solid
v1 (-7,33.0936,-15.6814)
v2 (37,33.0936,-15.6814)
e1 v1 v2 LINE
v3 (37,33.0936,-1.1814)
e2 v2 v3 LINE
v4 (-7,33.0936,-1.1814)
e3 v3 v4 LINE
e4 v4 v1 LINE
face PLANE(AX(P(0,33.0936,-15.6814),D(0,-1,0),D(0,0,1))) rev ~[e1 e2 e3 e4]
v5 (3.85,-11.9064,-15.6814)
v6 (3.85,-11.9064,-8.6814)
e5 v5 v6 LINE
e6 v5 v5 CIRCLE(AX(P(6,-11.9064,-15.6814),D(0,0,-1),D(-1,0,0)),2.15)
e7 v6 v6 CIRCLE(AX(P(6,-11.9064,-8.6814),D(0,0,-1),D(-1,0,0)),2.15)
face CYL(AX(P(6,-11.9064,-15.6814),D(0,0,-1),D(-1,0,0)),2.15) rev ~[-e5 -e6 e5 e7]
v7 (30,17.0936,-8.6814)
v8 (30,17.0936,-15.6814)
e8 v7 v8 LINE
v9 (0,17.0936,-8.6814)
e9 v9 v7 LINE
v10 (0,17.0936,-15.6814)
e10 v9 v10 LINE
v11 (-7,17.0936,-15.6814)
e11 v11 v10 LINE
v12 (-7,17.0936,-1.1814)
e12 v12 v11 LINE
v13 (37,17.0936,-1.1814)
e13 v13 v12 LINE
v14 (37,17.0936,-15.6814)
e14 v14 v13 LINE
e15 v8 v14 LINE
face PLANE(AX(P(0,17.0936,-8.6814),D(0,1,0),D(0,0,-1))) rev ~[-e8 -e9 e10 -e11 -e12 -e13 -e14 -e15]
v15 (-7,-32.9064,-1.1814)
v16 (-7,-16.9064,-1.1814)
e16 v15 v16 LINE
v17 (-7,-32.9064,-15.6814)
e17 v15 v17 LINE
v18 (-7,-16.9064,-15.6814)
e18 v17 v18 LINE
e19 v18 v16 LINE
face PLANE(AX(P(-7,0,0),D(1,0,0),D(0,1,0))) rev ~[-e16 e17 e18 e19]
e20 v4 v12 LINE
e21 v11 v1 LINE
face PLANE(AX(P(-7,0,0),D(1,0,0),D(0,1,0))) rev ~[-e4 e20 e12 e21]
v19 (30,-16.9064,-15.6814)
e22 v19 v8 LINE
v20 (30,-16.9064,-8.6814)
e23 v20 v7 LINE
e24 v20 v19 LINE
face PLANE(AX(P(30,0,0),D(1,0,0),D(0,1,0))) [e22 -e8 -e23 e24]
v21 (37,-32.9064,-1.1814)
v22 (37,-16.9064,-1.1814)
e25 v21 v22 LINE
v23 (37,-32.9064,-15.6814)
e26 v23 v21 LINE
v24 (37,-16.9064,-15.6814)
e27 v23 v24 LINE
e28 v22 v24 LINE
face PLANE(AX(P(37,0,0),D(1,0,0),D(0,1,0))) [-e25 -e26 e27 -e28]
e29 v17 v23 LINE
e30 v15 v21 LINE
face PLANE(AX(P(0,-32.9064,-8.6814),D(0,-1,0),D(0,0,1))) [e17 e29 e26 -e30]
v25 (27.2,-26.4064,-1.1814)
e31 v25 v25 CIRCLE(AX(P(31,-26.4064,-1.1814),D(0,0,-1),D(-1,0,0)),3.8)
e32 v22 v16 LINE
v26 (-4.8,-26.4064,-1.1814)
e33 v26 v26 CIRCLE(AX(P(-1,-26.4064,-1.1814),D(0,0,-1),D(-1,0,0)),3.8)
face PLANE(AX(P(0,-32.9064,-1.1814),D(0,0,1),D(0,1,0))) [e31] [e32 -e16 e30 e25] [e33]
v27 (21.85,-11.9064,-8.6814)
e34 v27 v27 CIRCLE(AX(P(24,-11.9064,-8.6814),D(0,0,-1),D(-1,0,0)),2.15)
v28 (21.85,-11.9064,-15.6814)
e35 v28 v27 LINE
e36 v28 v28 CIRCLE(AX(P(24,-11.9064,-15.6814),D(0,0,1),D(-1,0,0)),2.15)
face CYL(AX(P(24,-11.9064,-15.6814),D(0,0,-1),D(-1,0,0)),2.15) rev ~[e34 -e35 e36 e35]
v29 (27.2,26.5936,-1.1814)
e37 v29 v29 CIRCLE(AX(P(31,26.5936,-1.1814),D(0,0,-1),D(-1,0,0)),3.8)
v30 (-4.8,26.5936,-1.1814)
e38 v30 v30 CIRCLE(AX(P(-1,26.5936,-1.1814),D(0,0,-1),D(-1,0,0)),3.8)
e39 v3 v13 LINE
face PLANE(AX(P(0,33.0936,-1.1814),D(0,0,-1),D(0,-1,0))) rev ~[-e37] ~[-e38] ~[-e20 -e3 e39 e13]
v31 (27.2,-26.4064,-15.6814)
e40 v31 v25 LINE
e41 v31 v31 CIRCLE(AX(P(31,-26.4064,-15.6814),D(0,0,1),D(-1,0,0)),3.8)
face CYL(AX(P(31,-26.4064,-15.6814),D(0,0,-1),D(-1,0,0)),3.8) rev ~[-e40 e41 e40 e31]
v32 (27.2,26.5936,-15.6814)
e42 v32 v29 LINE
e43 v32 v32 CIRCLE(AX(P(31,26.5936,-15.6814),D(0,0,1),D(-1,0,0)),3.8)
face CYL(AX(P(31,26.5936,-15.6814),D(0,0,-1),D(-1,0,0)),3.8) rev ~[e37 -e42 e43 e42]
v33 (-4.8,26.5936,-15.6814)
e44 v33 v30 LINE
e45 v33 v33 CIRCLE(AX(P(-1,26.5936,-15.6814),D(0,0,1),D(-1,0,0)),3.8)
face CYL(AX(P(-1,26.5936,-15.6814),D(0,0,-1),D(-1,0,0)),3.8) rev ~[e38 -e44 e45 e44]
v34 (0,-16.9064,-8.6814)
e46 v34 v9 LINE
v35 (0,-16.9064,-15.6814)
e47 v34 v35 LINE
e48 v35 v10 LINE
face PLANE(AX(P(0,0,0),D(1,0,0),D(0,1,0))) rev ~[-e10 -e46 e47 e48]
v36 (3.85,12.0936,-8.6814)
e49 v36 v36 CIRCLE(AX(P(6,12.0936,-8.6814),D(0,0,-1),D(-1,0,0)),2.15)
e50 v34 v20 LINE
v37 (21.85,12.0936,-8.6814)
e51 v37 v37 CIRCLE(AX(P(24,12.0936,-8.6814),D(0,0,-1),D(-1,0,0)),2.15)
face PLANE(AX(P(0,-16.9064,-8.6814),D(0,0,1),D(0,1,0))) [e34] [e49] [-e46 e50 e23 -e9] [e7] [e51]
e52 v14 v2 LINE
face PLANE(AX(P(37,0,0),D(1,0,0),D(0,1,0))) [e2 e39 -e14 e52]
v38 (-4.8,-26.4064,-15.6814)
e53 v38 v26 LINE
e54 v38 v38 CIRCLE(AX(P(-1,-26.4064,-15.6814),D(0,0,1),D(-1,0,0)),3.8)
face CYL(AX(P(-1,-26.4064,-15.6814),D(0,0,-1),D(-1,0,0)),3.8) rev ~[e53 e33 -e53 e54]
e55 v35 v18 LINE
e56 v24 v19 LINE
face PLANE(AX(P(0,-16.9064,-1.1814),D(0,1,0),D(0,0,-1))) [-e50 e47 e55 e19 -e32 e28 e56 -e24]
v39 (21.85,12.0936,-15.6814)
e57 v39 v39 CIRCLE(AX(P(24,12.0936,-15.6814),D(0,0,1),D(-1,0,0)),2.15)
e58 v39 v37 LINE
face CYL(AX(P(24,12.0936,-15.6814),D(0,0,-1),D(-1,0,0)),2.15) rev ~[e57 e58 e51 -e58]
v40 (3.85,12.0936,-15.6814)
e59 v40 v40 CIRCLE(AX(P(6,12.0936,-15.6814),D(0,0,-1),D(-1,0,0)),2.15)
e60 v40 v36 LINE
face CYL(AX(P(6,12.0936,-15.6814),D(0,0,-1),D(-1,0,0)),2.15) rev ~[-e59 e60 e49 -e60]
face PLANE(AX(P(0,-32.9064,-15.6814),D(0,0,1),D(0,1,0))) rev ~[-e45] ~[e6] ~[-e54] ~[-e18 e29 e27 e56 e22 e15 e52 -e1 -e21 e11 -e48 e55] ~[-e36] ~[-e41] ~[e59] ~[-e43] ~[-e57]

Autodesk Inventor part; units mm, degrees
ref_plane "YZ Plane" through (0, 0, 0) normal (1, 0, 0) x (0, 1, 0)
ref_plane "XZ Plane" through (0, 0, 0) normal (0, 1, 0) x (-1, 0, 0)
ref_plane "XY Plane" through (0, 0, 0) normal (0, 0, 1) x (1, 0, 0)
sketch "스케치1" plane through (0, 0, 0) normal (1, 0, 0) x (0, 1, 0)
  line L0 (-15.9064, 9.3186) -> (-7.9064, 9.3186)
  line L1 (-7.9064, 9.3186) -> (-3.9064, 13.3186)
  line L2 (-3.9064, 13.3186) -> (4.0936, 13.3186)
  line L3 (4.0936, 13.3186) -> (8.0936, 9.3186)
  line L4 (8.0936, 9.3186) -> (16.0936, 9.3186)
  line L5 (-15.9064, -1.1814) -> (-16.9064, -2.1814)
  line L6 (-16.9064, -2.1814) -> (-16.9064, -7.1814)
  line L7 (-16.9064, -7.1814) -> (-15.9064, -8.1814)
  line L8 (16.0936, 9.3186) -> (16.0936, -1.1814)
  line L9 (16.0936, -1.1814) -> (17.0936, -2.1814)
  line L10 (17.0936, -2.1814) -> (17.0936, -7.1814)
  line L11 (17.0936, -7.1814) -> (16.0936, -8.1814)
  line L12 (16.0936, -8.1814) -> (-15.9064, -8.1814) construction
  line L13 (-15.9064, -8.6814) -> (16.0936, -8.6814) construction
  line L14 (-15.9064, -8.1814) -> (-15.4064, -8.6814)
  line L15 (-15.4064, -8.6814) -> (-4.4064, -8.6814)
  line L16 (-4.4064, -8.6814) -> (-3.9064, -8.1814)
  line L17 (-3.9064, -8.1814) -> (4.0936, -8.1814)
  line L18 (4.0936, -8.1814) -> (4.5936, -8.6814)
  line L19 (16.0936, -8.1814) -> (15.5936, -8.6814)
  line L20 (15.5936, -8.6814) -> (4.5936, -8.6814)
  line L21 (-11.9064, 9.3186) -> (-11.9064, 8.0705)
  line L22 (16.0936, 8.8186) -> (33.0936, 8.8186)
  line L23 (33.0936, 8.8186) -> (33.0936, -1.1814)
  line L24 (33.0936, -1.1814) -> (16.0936, -1.1814)
  line L25 (17.0936, -1.1814) -> (17.0936, -8.6814)
  line L26 (17.0936, -8.6814) -> (33.0936, -8.6814)
  line L27 (33.0936, -8.6814) -> (33.0936, -1.1814)
  line L28 (-15.9064, 8.8186) -> (-32.9064, 8.8186)
  line L29 (-32.9064, 8.8186) -> (-32.9064, -1.1814)
  line L30 (-32.9064, -1.1814) -> (-15.9064, -1.1814)
  line L31 (-15.9064, -1.1814) -> (-15.9064, 9.3186)
  line L32 (-16.9064, -1.1814) -> (-16.9064, -8.6814)
  line L33 (-16.9064, -8.6814) -> (-32.9064, -8.6814)
  line L34 (-32.9064, -8.6814) -> (-32.9064, -1.1814)
  line L35 (17.0936, -8.6814) -> (15.5936, -8.6814)
  line L36 (-16.9064, -8.6814) -> (-15.4064, -8.6814)
  line L37 (-4.4064, -8.6814) -> (4.5936, -8.6814)
  line L38 (-32.9064, -8.6814) -> (-32.9064, -15.6814)
  line L39 (-32.9064, -15.6814) -> (33.0936, -15.6814)
  line L40 (33.0936, -15.6814) -> (33.0936, -8.6814)
  line L41 (17.0936, -8.6814) -> (17.0936, -15.6814)
  line L42 (-16.9064, -8.6814) -> (-16.9064, -15.6814)
  point P0 (0, 0)
  dimension "d0" = 8
  dimension "d1" = 135
  dimension "d2" = 135
  dimension "d3" = 4
  dimension "d4" = 8
  dimension "d5" = 8
  dimension "d6" = 135
  dimension "d7" = 135
  dimension "d8" = 10.5
  dimension "d10" = 135
  dimension "d11" = 1
  dimension "d12" = 1
  dimension "d13" = 135
  dimension "d14" = 135
  dimension "d15" = 135
  dimension "d16" = 1
  dimension "d17" = 10.5
  dimension "d18" = 5
  dimension "d19" = 5
  dimension "d20" = 0.5
  dimension "d21" = 11
  dimension "d22" = 8
  dimension "d23" = 135
  dimension "d24" = 135
  dimension "d25" = 135
  dimension "d26" = 135
  dimension "d27" = 135
  dimension "d28" = 11
  dimension "d29" = 10
  dimension "d30" = 17
  dimension "d32" = 17
extrude "돌출2" add sketch "스케치1" along normal blind 30 contours L36 L15 L37 L20 L35 L41 L39 L42
sketch "스케치3" plane through (0, -16.9064, -15.6814) normal (0, 0, -1) x (-1, 0, 0)
  line L0 (0, 34) -> (-30, 34) projected
  line L1 (-30, 0) -> (-30, 34) projected
  line L2 (-30, 34) -> (-30, 29)
  line L3 (-30, 29) -> (-24, 29)
  circle A0 centre (-24, 29) radius 2.15
  line L4 (-30, 0) -> (-30, 5)
  line L5 (-30, 5) -> (-24, 5)
  circle A1 centre (-24, 5) radius 2.15
  line L6 (0, 34) -> (0, 29)
  line L7 (0, 29) -> (-6, 29)
  circle A2 centre (-6, 29) radius 2.15
  line L8 (0, 0) -> (0, 5)
  line L9 (0, 0) -> (0, 34) projected
  line L10 (0, 5) -> (-6, 5)
  circle A3 centre (-6, 5) radius 2.15
  line L11 (0, 34) -> (0, 43.5)
  line L12 (-30, 43.5) -> (-30, 34)
  line L13 (-15, 34) -> (-15, 43.5)
  line L14 (-15, 43.5) -> (1, 43.5)
  line L15 (-15, 43.5) -> (-31, 43.5)
  circle A4 centre (1, 43.5) radius 3.8
  circle A5 centre (-31, 43.5) radius 3.8
  line L16 (0, 0) -> (0, -9.5)
  line L17 (-15, -9.5) -> (-15, 0)
  line L18 (-30, -9.5) -> (-30, 0)
  line L19 (-15, -9.5) -> (-31, -9.5)
  line L20 (-15, -9.5) -> (1, -9.5)
  circle A6 centre (-31, -9.5) radius 3.8
  circle A7 centre (1, -9.5) radius 3.8
  point P0 (0, 16.9064)
  dimension "d38" = 5
  dimension "d39" = 6
  dimension "d40" = 4.3
  dimension "d41" = 5
  dimension "d42" = 6
  dimension "d43" = 4.3
  dimension "d44" = 5
  dimension "d45" = 6
  dimension "d46" = 4.3
  dimension "d47" = 5
  dimension "d48" = 6
  dimension "d49" = 4.3
  dimension "d54" = 9.5
  dimension "d55" = 16
  dimension "d56" = 16
  dimension "d57" = 7.6
  dimension "d58" = 7.6
  dimension "d61" = 9.5
  dimension "d62" = 15
  dimension "d67" = 16
  dimension "d68" = 16
  dimension "d69" = 7.6
  dimension "d70" = 7.6
extrude "돌출3" add sketch "스케치1" along normal blind 37 and the other way blind 7 contours L30 L32 L6 L33 L34 | L33 L42 L39 L38 | L41 L26 L40 L39 | L25 L10 L24 L27 L26
extrude "돌출4" cut sketch "스케치3" against normal blind 10 contours A0 | A1 | A3 | A2
extrude "돌출6" cut sketch "스케치3" against normal blind 20 contours A4 L14 L11 | L11 L14 A4 | A5 L15 L12 | L12 L15 A5 | A7 L20 L16 | L16 L20 A7 | A6 L19 L18 | L18 L19 A6
equation "\"d14\" = d13"
equation "\"d15\" = d13"
equation "\"d17\" = d8"
properties part number "xy 조인트"
